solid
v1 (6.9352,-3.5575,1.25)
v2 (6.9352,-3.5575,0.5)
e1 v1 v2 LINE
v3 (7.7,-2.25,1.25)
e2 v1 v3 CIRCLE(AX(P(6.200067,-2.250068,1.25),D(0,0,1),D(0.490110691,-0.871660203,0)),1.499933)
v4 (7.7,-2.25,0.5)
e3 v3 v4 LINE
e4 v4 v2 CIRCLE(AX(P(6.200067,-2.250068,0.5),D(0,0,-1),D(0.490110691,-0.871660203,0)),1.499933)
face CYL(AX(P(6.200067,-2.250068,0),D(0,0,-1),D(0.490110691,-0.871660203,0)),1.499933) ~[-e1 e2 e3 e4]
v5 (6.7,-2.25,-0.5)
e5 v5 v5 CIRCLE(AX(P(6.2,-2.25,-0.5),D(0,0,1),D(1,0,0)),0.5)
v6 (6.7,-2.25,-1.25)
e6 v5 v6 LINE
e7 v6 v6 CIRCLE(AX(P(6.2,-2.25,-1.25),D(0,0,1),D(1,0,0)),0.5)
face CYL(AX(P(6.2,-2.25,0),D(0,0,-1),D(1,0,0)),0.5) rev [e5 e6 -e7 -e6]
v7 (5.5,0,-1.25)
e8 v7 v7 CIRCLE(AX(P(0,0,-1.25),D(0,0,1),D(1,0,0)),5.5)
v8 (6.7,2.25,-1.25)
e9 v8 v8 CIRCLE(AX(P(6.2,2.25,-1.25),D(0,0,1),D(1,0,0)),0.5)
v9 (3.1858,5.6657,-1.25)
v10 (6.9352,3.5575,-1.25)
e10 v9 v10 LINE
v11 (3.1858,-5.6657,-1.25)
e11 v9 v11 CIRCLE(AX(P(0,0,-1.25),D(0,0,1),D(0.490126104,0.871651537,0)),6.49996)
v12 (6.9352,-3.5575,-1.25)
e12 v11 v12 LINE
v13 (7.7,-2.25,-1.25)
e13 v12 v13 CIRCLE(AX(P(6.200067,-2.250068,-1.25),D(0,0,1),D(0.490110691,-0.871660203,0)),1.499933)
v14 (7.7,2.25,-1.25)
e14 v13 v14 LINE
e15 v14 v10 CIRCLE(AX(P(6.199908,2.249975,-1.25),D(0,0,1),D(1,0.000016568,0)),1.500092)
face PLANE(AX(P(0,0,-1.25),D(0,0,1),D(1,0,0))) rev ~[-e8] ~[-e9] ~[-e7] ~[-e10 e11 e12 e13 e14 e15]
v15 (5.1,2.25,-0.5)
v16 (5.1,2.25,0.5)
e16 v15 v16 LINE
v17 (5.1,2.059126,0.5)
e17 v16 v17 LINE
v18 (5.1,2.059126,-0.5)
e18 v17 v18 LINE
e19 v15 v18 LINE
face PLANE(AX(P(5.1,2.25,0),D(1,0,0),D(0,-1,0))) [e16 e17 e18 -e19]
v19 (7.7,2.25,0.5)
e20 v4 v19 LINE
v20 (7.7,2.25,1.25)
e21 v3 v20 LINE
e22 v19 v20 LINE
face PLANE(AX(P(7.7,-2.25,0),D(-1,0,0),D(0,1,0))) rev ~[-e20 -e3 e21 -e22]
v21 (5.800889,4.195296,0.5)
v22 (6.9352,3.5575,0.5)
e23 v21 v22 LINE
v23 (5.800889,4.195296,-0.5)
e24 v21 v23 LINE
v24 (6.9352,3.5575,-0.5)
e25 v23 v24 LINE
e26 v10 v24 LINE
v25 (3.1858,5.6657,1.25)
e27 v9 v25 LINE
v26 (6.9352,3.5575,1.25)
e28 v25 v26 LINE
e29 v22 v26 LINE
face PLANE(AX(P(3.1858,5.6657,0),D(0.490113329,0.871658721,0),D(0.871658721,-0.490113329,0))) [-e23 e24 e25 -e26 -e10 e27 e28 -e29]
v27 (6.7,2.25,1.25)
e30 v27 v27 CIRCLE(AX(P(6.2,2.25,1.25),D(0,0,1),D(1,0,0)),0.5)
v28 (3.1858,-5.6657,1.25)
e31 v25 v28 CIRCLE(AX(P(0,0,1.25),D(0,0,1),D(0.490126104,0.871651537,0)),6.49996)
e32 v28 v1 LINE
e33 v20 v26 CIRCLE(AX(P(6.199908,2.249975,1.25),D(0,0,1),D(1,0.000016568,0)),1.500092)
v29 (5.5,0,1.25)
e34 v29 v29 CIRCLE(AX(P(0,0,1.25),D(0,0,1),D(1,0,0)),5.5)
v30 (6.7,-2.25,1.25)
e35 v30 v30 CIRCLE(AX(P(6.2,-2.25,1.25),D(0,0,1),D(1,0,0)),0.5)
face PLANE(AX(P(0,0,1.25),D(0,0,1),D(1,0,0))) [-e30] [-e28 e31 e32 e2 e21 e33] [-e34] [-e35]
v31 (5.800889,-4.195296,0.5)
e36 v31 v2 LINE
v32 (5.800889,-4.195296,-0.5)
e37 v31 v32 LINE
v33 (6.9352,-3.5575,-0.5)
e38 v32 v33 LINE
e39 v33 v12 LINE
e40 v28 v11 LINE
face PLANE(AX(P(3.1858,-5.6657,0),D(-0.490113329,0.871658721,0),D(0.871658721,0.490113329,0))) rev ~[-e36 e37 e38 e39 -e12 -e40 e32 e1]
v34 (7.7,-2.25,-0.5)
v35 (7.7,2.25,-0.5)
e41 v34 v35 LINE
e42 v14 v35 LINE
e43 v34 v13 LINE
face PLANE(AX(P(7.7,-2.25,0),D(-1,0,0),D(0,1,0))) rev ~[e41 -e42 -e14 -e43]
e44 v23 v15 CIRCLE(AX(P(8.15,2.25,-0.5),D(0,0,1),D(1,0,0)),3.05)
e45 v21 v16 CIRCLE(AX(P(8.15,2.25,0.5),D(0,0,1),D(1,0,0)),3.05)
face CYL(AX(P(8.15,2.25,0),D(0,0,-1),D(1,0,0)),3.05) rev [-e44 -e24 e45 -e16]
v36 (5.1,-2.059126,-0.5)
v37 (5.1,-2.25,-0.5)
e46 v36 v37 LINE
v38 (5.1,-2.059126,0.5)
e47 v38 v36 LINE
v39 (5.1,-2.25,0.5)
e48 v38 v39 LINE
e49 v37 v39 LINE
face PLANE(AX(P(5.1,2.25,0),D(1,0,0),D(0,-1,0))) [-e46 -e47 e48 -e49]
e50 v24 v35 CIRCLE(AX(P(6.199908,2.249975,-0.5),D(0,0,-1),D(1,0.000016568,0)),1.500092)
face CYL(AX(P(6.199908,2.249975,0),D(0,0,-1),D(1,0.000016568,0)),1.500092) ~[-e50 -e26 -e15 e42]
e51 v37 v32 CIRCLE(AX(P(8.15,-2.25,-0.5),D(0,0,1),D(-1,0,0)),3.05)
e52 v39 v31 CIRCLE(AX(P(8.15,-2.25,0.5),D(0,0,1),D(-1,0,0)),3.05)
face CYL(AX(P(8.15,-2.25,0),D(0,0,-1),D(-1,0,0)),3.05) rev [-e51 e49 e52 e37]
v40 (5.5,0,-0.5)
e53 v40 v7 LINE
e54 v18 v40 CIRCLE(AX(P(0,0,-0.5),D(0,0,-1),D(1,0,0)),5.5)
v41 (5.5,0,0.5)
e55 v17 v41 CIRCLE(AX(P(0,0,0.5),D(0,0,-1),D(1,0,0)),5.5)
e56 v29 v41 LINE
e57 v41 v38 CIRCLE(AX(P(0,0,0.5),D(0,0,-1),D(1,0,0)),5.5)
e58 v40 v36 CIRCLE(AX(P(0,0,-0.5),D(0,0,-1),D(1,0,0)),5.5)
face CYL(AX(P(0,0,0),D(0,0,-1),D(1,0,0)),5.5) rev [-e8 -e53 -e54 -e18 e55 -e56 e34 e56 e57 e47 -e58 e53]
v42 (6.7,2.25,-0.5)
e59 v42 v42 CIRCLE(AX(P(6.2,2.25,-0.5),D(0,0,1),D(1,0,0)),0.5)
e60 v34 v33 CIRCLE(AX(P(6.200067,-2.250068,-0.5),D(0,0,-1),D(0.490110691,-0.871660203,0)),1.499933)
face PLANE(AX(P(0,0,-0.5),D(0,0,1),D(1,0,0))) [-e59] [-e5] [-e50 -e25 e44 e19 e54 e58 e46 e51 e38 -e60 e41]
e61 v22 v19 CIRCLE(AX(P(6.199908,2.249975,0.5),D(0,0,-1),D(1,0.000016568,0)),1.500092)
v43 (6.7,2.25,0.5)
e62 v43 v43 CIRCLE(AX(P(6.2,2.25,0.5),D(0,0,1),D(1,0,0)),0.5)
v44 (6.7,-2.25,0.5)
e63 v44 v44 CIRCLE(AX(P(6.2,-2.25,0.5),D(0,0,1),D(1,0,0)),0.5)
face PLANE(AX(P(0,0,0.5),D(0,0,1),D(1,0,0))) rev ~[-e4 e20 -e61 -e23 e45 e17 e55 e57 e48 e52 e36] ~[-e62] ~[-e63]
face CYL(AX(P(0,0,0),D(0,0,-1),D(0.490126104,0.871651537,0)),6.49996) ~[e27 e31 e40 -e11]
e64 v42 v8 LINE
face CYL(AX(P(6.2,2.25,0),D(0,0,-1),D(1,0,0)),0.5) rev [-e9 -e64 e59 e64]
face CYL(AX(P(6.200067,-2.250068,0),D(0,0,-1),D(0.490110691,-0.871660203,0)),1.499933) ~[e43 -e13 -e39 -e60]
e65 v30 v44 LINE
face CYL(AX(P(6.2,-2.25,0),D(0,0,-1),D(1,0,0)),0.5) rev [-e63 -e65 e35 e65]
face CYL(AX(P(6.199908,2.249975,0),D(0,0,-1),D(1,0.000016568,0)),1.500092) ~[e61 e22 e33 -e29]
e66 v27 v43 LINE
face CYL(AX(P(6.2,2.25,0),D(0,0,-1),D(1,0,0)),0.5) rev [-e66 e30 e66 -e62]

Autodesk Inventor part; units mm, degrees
ref_plane "YZ Plane" through (0, 0, 0) normal (1, 0, 0) x (0, 1, 0)
ref_plane "XZ Plane" through (0, 0, 0) normal (0, 1, 0) x (-1, 0, 0)
ref_plane "XY Plane" through (0, 0, 0) normal (0, 0, 1) x (1, 0, 0)
sketch "Sketch1" plane through (0, 0, 0) normal (0, 0, 1) x (1, 0, 0)
  circle A0 centre (0, 0) radius 5.5
  circle A1 centre (6.2, 2.25) radius 0.5
  circle A2 centre (6.2, -2.25) radius 0.5
  line L0 (0, 0) -> (12.1327, 0) construction
  arc A3 (7.7, 2.25) -> (6.9352, 3.5575) centre (6.2, 2.25) ccw
  arc A4 (6.9352, -3.5575) -> (7.7, -2.25) centre (6.2, -2.25) ccw
  line L1 (3.1858, 5.6657) -> (6.9352, 3.5575)
  line L2 (3.1858, -5.6657) -> (6.9352, -3.5575)
  line L3 (7.7, -2.25) -> (7.7, 2.25)
  arc A5 (3.1858, 5.6657) -> (3.1858, -5.6657) centre (0, 0) ccw
  dimension "d1" = 11
  dimension "d12" = 1
  dimension "d13" = 1
  dimension "d14" = 4.5
  dimension "d16" = 3
  dimension "d17" = 3
  dimension "d18" = 6.2
  dimension "d19" = 6.5
extrude "Extrusion1" add sketch "Sketch1" along normal mid plane 2.5
sketch "Sketch2" plane through (0, 0, 0) normal (0, 0, 1) x (1, 0, 0)
  circle A0 centre (6.2, 2.25) radius 0.5 projected
  circle A1 centre (6.2, -2.25) radius 0.5 projected
  line L0 (8.15, 2.25) -> (8.15, -2.25) construction
  line L1 (5.1, 2.25) -> (5.1, -2.25)
  line L2 (11.2, -2.25) -> (11.2, 2.25)
  arc A2 (11.2, 2.25) -> (5.1, 2.25) centre (8.15, 2.25) ccw
  arc A3 (5.1, -2.25) -> (11.2, -2.25) centre (8.15, -2.25) ccw
  point P0 (0, 0)
  point P1 (8.15, 0)
  dimension "d20" = 1.1
  dimension "d21" = 5
extrude "Extrusion2" cut sketch "Sketch2" along normal mid plane 1
properties part number "double spring swivel 7"
